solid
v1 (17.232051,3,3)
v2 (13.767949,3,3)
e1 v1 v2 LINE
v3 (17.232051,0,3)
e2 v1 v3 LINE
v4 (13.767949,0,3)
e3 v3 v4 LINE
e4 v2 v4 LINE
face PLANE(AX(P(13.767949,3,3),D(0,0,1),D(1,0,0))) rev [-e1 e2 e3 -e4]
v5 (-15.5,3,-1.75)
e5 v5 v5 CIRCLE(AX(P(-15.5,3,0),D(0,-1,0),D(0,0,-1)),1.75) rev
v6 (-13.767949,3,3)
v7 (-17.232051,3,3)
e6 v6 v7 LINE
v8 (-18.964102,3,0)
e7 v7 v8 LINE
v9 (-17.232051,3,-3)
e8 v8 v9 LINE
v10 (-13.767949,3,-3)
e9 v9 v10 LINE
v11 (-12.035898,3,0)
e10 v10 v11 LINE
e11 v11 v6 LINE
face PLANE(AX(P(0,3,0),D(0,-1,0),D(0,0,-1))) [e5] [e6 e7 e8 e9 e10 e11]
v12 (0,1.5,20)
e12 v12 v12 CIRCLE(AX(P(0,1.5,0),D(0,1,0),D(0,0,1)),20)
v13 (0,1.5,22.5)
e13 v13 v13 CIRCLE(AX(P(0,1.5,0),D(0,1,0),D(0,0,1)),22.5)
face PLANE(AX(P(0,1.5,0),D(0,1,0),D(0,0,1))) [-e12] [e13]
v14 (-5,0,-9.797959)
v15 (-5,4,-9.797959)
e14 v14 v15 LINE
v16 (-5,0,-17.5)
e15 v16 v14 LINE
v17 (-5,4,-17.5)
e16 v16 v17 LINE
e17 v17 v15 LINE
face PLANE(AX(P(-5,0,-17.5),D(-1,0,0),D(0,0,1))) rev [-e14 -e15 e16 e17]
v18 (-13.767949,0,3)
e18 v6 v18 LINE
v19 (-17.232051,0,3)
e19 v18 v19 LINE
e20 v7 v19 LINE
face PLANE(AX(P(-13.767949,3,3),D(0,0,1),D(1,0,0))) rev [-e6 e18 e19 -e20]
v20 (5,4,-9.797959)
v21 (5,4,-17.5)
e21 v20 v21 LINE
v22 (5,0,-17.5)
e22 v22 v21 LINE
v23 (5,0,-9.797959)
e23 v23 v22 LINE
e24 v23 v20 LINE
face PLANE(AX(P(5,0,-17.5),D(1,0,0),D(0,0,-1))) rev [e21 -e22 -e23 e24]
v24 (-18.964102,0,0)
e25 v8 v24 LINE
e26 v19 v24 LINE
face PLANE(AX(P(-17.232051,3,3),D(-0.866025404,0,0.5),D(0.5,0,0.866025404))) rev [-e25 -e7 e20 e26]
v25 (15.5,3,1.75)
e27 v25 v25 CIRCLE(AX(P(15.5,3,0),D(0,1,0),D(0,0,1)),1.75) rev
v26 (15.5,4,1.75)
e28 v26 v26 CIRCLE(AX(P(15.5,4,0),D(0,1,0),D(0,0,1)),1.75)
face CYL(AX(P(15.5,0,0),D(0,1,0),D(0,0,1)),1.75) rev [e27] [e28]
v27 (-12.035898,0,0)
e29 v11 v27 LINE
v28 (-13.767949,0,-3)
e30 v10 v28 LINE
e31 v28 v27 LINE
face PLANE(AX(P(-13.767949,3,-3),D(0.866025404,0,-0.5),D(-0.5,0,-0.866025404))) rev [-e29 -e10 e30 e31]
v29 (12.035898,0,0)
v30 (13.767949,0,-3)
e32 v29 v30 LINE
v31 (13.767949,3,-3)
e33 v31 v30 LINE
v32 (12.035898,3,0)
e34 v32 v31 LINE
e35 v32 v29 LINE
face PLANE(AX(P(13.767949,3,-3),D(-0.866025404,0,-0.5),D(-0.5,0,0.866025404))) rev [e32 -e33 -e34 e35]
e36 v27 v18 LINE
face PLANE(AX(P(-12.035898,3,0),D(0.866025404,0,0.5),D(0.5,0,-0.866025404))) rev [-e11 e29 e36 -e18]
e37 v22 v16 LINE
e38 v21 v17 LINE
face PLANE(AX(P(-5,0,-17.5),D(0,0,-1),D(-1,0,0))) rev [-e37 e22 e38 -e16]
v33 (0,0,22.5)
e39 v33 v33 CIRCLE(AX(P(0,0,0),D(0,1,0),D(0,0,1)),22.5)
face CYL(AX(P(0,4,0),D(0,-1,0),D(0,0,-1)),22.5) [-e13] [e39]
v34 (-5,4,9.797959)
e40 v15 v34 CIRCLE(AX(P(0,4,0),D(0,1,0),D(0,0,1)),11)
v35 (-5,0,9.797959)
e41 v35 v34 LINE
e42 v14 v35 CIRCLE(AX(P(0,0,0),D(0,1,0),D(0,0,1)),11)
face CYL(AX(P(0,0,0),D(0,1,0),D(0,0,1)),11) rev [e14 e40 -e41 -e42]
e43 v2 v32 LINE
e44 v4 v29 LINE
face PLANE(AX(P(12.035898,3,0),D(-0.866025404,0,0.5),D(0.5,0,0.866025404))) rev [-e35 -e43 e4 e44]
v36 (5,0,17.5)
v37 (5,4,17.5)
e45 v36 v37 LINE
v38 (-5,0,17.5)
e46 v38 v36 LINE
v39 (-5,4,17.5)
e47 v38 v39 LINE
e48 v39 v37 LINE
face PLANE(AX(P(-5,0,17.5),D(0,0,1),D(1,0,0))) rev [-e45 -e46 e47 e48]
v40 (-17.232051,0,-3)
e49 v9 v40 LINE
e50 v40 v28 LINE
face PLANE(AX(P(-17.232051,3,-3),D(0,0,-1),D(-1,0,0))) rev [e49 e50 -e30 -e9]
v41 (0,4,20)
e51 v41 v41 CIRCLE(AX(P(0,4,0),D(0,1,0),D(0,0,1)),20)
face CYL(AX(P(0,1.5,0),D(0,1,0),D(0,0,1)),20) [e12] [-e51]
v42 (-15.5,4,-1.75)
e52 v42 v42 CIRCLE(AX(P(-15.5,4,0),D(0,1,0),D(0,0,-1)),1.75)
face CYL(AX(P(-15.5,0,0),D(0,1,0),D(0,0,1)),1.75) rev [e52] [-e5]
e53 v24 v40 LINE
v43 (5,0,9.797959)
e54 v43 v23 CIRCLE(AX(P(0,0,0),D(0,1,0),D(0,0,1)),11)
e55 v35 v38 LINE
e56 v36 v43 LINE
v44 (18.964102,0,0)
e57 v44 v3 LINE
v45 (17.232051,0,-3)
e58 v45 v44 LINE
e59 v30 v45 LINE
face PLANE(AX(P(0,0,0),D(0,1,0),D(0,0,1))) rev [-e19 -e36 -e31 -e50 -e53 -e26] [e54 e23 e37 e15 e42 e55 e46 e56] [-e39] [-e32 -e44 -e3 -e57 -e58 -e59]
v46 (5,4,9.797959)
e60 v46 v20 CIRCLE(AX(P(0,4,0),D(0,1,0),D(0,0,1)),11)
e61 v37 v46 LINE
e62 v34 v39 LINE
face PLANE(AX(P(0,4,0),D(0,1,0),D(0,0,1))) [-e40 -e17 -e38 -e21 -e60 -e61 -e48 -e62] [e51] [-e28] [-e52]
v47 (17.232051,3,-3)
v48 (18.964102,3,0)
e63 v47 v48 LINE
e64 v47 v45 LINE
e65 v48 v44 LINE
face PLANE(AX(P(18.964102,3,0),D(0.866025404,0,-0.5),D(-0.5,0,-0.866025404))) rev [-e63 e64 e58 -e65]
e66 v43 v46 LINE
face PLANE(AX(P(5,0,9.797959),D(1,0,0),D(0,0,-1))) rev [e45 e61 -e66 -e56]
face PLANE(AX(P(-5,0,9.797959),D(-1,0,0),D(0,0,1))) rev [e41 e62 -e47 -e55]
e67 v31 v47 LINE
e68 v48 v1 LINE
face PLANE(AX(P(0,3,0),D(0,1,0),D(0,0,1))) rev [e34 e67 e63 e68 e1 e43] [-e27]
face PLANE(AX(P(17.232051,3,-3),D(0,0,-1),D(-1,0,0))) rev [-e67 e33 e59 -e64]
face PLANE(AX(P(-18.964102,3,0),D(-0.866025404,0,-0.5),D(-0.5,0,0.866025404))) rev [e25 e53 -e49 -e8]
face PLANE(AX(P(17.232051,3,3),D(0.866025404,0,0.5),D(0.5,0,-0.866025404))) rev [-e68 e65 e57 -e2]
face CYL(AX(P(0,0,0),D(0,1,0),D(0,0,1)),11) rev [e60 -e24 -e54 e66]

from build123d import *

# Parameters (mm, degrees)
SKETCH1_R           = 22.5
BOSS_EXTRUDE2_DEPTH = 4
CUT_EXTRUDE1_START  = -2.5
SKETCH2_R           = 22.5
SKETCH2_R_2         = 20
CUT_EXTRUDE1_DEPTH  = 2.5
CUT_EXTRUDE2_DEPTH  = 33.070235422
SKETCH4_R           = 1.75
CUT_EXTRUDE3_DEPTH  = 33.070235422
CUT_EXTRUDE4_DEPTH  = 3


with BuildPart() as part:
    # Sketch1 → Boss-Extrude2 (new body)
    with BuildSketch(Plane(origin=(0, 0, 0), x_dir=(1, 0, 0), z_dir=(0, 1, 0))):
        with Locations(Location((0, 0, 0), (0, 0, 270))):
            Circle(SKETCH1_R)
    extrude(amount=BOSS_EXTRUDE2_DEPTH)

    # Sketch2 → Cut-Extrude1 (cut)
    with BuildSketch(Plane(origin=(0, 4, 0), x_dir=(1, 0, 0), z_dir=(0, 1, 0)).offset(CUT_EXTRUDE1_START)):
        with Locations(Location((0, 0, 0), (0, 0, 270))):
            Circle(SKETCH2_R)
        with Locations(Location((0, 0, 0), (0, 0, 270))):
            Circle(SKETCH2_R_2, mode=Mode.SUBTRACT)
    extrude(amount=CUT_EXTRUDE1_DEPTH, mode=Mode.SUBTRACT)

    # Sketch3 → Cut-Extrude2 (cut, through all)
    with BuildSketch(Plane(origin=(0, 4, 0), x_dir=(1, 0, 0), z_dir=(0, 1, 0))):
        with BuildLine():
            Line((5, -9.797958971), (5, -17.5))
            Line((5, -17.5), (-5, -17.5))
            Line((-5, -17.5), (-5, -9.797958971))
            ThreePointArc((-5, -9.797958971), (-11, 0), (-5, 9.797958971))
            Line((-5, 9.797958971), (-5, 17.5))
            Line((-5, 17.5), (5, 17.5))
            Line((5, 17.5), (5, 9.797958971))
            ThreePointArc((5, 9.797958971), (11, 0), (5, -9.797958971))
        make_face()
    extrude(amount=-CUT_EXTRUDE2_DEPTH, mode=Mode.SUBTRACT)

    # Sketch4 → Cut-Extrude3 (cut, through all)
    with BuildSketch(Plane(origin=(0, 4, 0), x_dir=(1, 0, 0), z_dir=(0, 1, 0))):
        with Locations(Location((15.5, 0, 0), (0, 0, 270))):
            Circle(SKETCH4_R)
        with Locations(Location((-15.5, 0, 0), (0, 0, 90))):
            Circle(SKETCH4_R)
    extrude(amount=-CUT_EXTRUDE3_DEPTH, mode=Mode.SUBTRACT)

    # Sketch5 → Cut-Extrude4 (cut)
    with BuildSketch(Plane.XZ):
        Polygon((13.767949192, -3), (12.035898385, 0), (13.767949192, 3), (17.232050808, 3), (18.964101615, 0), (17.232050808, -3), align=None)
        Polygon((-12.035898385, 0), (-13.767949192, 3), (-17.232050808, 3), (-18.964101615, 0), (-17.232050808, -3), (-13.767949192, -3), align=None)
    extrude(amount=-CUT_EXTRUDE4_DEPTH, mode=Mode.SUBTRACT)


solid = part.part
